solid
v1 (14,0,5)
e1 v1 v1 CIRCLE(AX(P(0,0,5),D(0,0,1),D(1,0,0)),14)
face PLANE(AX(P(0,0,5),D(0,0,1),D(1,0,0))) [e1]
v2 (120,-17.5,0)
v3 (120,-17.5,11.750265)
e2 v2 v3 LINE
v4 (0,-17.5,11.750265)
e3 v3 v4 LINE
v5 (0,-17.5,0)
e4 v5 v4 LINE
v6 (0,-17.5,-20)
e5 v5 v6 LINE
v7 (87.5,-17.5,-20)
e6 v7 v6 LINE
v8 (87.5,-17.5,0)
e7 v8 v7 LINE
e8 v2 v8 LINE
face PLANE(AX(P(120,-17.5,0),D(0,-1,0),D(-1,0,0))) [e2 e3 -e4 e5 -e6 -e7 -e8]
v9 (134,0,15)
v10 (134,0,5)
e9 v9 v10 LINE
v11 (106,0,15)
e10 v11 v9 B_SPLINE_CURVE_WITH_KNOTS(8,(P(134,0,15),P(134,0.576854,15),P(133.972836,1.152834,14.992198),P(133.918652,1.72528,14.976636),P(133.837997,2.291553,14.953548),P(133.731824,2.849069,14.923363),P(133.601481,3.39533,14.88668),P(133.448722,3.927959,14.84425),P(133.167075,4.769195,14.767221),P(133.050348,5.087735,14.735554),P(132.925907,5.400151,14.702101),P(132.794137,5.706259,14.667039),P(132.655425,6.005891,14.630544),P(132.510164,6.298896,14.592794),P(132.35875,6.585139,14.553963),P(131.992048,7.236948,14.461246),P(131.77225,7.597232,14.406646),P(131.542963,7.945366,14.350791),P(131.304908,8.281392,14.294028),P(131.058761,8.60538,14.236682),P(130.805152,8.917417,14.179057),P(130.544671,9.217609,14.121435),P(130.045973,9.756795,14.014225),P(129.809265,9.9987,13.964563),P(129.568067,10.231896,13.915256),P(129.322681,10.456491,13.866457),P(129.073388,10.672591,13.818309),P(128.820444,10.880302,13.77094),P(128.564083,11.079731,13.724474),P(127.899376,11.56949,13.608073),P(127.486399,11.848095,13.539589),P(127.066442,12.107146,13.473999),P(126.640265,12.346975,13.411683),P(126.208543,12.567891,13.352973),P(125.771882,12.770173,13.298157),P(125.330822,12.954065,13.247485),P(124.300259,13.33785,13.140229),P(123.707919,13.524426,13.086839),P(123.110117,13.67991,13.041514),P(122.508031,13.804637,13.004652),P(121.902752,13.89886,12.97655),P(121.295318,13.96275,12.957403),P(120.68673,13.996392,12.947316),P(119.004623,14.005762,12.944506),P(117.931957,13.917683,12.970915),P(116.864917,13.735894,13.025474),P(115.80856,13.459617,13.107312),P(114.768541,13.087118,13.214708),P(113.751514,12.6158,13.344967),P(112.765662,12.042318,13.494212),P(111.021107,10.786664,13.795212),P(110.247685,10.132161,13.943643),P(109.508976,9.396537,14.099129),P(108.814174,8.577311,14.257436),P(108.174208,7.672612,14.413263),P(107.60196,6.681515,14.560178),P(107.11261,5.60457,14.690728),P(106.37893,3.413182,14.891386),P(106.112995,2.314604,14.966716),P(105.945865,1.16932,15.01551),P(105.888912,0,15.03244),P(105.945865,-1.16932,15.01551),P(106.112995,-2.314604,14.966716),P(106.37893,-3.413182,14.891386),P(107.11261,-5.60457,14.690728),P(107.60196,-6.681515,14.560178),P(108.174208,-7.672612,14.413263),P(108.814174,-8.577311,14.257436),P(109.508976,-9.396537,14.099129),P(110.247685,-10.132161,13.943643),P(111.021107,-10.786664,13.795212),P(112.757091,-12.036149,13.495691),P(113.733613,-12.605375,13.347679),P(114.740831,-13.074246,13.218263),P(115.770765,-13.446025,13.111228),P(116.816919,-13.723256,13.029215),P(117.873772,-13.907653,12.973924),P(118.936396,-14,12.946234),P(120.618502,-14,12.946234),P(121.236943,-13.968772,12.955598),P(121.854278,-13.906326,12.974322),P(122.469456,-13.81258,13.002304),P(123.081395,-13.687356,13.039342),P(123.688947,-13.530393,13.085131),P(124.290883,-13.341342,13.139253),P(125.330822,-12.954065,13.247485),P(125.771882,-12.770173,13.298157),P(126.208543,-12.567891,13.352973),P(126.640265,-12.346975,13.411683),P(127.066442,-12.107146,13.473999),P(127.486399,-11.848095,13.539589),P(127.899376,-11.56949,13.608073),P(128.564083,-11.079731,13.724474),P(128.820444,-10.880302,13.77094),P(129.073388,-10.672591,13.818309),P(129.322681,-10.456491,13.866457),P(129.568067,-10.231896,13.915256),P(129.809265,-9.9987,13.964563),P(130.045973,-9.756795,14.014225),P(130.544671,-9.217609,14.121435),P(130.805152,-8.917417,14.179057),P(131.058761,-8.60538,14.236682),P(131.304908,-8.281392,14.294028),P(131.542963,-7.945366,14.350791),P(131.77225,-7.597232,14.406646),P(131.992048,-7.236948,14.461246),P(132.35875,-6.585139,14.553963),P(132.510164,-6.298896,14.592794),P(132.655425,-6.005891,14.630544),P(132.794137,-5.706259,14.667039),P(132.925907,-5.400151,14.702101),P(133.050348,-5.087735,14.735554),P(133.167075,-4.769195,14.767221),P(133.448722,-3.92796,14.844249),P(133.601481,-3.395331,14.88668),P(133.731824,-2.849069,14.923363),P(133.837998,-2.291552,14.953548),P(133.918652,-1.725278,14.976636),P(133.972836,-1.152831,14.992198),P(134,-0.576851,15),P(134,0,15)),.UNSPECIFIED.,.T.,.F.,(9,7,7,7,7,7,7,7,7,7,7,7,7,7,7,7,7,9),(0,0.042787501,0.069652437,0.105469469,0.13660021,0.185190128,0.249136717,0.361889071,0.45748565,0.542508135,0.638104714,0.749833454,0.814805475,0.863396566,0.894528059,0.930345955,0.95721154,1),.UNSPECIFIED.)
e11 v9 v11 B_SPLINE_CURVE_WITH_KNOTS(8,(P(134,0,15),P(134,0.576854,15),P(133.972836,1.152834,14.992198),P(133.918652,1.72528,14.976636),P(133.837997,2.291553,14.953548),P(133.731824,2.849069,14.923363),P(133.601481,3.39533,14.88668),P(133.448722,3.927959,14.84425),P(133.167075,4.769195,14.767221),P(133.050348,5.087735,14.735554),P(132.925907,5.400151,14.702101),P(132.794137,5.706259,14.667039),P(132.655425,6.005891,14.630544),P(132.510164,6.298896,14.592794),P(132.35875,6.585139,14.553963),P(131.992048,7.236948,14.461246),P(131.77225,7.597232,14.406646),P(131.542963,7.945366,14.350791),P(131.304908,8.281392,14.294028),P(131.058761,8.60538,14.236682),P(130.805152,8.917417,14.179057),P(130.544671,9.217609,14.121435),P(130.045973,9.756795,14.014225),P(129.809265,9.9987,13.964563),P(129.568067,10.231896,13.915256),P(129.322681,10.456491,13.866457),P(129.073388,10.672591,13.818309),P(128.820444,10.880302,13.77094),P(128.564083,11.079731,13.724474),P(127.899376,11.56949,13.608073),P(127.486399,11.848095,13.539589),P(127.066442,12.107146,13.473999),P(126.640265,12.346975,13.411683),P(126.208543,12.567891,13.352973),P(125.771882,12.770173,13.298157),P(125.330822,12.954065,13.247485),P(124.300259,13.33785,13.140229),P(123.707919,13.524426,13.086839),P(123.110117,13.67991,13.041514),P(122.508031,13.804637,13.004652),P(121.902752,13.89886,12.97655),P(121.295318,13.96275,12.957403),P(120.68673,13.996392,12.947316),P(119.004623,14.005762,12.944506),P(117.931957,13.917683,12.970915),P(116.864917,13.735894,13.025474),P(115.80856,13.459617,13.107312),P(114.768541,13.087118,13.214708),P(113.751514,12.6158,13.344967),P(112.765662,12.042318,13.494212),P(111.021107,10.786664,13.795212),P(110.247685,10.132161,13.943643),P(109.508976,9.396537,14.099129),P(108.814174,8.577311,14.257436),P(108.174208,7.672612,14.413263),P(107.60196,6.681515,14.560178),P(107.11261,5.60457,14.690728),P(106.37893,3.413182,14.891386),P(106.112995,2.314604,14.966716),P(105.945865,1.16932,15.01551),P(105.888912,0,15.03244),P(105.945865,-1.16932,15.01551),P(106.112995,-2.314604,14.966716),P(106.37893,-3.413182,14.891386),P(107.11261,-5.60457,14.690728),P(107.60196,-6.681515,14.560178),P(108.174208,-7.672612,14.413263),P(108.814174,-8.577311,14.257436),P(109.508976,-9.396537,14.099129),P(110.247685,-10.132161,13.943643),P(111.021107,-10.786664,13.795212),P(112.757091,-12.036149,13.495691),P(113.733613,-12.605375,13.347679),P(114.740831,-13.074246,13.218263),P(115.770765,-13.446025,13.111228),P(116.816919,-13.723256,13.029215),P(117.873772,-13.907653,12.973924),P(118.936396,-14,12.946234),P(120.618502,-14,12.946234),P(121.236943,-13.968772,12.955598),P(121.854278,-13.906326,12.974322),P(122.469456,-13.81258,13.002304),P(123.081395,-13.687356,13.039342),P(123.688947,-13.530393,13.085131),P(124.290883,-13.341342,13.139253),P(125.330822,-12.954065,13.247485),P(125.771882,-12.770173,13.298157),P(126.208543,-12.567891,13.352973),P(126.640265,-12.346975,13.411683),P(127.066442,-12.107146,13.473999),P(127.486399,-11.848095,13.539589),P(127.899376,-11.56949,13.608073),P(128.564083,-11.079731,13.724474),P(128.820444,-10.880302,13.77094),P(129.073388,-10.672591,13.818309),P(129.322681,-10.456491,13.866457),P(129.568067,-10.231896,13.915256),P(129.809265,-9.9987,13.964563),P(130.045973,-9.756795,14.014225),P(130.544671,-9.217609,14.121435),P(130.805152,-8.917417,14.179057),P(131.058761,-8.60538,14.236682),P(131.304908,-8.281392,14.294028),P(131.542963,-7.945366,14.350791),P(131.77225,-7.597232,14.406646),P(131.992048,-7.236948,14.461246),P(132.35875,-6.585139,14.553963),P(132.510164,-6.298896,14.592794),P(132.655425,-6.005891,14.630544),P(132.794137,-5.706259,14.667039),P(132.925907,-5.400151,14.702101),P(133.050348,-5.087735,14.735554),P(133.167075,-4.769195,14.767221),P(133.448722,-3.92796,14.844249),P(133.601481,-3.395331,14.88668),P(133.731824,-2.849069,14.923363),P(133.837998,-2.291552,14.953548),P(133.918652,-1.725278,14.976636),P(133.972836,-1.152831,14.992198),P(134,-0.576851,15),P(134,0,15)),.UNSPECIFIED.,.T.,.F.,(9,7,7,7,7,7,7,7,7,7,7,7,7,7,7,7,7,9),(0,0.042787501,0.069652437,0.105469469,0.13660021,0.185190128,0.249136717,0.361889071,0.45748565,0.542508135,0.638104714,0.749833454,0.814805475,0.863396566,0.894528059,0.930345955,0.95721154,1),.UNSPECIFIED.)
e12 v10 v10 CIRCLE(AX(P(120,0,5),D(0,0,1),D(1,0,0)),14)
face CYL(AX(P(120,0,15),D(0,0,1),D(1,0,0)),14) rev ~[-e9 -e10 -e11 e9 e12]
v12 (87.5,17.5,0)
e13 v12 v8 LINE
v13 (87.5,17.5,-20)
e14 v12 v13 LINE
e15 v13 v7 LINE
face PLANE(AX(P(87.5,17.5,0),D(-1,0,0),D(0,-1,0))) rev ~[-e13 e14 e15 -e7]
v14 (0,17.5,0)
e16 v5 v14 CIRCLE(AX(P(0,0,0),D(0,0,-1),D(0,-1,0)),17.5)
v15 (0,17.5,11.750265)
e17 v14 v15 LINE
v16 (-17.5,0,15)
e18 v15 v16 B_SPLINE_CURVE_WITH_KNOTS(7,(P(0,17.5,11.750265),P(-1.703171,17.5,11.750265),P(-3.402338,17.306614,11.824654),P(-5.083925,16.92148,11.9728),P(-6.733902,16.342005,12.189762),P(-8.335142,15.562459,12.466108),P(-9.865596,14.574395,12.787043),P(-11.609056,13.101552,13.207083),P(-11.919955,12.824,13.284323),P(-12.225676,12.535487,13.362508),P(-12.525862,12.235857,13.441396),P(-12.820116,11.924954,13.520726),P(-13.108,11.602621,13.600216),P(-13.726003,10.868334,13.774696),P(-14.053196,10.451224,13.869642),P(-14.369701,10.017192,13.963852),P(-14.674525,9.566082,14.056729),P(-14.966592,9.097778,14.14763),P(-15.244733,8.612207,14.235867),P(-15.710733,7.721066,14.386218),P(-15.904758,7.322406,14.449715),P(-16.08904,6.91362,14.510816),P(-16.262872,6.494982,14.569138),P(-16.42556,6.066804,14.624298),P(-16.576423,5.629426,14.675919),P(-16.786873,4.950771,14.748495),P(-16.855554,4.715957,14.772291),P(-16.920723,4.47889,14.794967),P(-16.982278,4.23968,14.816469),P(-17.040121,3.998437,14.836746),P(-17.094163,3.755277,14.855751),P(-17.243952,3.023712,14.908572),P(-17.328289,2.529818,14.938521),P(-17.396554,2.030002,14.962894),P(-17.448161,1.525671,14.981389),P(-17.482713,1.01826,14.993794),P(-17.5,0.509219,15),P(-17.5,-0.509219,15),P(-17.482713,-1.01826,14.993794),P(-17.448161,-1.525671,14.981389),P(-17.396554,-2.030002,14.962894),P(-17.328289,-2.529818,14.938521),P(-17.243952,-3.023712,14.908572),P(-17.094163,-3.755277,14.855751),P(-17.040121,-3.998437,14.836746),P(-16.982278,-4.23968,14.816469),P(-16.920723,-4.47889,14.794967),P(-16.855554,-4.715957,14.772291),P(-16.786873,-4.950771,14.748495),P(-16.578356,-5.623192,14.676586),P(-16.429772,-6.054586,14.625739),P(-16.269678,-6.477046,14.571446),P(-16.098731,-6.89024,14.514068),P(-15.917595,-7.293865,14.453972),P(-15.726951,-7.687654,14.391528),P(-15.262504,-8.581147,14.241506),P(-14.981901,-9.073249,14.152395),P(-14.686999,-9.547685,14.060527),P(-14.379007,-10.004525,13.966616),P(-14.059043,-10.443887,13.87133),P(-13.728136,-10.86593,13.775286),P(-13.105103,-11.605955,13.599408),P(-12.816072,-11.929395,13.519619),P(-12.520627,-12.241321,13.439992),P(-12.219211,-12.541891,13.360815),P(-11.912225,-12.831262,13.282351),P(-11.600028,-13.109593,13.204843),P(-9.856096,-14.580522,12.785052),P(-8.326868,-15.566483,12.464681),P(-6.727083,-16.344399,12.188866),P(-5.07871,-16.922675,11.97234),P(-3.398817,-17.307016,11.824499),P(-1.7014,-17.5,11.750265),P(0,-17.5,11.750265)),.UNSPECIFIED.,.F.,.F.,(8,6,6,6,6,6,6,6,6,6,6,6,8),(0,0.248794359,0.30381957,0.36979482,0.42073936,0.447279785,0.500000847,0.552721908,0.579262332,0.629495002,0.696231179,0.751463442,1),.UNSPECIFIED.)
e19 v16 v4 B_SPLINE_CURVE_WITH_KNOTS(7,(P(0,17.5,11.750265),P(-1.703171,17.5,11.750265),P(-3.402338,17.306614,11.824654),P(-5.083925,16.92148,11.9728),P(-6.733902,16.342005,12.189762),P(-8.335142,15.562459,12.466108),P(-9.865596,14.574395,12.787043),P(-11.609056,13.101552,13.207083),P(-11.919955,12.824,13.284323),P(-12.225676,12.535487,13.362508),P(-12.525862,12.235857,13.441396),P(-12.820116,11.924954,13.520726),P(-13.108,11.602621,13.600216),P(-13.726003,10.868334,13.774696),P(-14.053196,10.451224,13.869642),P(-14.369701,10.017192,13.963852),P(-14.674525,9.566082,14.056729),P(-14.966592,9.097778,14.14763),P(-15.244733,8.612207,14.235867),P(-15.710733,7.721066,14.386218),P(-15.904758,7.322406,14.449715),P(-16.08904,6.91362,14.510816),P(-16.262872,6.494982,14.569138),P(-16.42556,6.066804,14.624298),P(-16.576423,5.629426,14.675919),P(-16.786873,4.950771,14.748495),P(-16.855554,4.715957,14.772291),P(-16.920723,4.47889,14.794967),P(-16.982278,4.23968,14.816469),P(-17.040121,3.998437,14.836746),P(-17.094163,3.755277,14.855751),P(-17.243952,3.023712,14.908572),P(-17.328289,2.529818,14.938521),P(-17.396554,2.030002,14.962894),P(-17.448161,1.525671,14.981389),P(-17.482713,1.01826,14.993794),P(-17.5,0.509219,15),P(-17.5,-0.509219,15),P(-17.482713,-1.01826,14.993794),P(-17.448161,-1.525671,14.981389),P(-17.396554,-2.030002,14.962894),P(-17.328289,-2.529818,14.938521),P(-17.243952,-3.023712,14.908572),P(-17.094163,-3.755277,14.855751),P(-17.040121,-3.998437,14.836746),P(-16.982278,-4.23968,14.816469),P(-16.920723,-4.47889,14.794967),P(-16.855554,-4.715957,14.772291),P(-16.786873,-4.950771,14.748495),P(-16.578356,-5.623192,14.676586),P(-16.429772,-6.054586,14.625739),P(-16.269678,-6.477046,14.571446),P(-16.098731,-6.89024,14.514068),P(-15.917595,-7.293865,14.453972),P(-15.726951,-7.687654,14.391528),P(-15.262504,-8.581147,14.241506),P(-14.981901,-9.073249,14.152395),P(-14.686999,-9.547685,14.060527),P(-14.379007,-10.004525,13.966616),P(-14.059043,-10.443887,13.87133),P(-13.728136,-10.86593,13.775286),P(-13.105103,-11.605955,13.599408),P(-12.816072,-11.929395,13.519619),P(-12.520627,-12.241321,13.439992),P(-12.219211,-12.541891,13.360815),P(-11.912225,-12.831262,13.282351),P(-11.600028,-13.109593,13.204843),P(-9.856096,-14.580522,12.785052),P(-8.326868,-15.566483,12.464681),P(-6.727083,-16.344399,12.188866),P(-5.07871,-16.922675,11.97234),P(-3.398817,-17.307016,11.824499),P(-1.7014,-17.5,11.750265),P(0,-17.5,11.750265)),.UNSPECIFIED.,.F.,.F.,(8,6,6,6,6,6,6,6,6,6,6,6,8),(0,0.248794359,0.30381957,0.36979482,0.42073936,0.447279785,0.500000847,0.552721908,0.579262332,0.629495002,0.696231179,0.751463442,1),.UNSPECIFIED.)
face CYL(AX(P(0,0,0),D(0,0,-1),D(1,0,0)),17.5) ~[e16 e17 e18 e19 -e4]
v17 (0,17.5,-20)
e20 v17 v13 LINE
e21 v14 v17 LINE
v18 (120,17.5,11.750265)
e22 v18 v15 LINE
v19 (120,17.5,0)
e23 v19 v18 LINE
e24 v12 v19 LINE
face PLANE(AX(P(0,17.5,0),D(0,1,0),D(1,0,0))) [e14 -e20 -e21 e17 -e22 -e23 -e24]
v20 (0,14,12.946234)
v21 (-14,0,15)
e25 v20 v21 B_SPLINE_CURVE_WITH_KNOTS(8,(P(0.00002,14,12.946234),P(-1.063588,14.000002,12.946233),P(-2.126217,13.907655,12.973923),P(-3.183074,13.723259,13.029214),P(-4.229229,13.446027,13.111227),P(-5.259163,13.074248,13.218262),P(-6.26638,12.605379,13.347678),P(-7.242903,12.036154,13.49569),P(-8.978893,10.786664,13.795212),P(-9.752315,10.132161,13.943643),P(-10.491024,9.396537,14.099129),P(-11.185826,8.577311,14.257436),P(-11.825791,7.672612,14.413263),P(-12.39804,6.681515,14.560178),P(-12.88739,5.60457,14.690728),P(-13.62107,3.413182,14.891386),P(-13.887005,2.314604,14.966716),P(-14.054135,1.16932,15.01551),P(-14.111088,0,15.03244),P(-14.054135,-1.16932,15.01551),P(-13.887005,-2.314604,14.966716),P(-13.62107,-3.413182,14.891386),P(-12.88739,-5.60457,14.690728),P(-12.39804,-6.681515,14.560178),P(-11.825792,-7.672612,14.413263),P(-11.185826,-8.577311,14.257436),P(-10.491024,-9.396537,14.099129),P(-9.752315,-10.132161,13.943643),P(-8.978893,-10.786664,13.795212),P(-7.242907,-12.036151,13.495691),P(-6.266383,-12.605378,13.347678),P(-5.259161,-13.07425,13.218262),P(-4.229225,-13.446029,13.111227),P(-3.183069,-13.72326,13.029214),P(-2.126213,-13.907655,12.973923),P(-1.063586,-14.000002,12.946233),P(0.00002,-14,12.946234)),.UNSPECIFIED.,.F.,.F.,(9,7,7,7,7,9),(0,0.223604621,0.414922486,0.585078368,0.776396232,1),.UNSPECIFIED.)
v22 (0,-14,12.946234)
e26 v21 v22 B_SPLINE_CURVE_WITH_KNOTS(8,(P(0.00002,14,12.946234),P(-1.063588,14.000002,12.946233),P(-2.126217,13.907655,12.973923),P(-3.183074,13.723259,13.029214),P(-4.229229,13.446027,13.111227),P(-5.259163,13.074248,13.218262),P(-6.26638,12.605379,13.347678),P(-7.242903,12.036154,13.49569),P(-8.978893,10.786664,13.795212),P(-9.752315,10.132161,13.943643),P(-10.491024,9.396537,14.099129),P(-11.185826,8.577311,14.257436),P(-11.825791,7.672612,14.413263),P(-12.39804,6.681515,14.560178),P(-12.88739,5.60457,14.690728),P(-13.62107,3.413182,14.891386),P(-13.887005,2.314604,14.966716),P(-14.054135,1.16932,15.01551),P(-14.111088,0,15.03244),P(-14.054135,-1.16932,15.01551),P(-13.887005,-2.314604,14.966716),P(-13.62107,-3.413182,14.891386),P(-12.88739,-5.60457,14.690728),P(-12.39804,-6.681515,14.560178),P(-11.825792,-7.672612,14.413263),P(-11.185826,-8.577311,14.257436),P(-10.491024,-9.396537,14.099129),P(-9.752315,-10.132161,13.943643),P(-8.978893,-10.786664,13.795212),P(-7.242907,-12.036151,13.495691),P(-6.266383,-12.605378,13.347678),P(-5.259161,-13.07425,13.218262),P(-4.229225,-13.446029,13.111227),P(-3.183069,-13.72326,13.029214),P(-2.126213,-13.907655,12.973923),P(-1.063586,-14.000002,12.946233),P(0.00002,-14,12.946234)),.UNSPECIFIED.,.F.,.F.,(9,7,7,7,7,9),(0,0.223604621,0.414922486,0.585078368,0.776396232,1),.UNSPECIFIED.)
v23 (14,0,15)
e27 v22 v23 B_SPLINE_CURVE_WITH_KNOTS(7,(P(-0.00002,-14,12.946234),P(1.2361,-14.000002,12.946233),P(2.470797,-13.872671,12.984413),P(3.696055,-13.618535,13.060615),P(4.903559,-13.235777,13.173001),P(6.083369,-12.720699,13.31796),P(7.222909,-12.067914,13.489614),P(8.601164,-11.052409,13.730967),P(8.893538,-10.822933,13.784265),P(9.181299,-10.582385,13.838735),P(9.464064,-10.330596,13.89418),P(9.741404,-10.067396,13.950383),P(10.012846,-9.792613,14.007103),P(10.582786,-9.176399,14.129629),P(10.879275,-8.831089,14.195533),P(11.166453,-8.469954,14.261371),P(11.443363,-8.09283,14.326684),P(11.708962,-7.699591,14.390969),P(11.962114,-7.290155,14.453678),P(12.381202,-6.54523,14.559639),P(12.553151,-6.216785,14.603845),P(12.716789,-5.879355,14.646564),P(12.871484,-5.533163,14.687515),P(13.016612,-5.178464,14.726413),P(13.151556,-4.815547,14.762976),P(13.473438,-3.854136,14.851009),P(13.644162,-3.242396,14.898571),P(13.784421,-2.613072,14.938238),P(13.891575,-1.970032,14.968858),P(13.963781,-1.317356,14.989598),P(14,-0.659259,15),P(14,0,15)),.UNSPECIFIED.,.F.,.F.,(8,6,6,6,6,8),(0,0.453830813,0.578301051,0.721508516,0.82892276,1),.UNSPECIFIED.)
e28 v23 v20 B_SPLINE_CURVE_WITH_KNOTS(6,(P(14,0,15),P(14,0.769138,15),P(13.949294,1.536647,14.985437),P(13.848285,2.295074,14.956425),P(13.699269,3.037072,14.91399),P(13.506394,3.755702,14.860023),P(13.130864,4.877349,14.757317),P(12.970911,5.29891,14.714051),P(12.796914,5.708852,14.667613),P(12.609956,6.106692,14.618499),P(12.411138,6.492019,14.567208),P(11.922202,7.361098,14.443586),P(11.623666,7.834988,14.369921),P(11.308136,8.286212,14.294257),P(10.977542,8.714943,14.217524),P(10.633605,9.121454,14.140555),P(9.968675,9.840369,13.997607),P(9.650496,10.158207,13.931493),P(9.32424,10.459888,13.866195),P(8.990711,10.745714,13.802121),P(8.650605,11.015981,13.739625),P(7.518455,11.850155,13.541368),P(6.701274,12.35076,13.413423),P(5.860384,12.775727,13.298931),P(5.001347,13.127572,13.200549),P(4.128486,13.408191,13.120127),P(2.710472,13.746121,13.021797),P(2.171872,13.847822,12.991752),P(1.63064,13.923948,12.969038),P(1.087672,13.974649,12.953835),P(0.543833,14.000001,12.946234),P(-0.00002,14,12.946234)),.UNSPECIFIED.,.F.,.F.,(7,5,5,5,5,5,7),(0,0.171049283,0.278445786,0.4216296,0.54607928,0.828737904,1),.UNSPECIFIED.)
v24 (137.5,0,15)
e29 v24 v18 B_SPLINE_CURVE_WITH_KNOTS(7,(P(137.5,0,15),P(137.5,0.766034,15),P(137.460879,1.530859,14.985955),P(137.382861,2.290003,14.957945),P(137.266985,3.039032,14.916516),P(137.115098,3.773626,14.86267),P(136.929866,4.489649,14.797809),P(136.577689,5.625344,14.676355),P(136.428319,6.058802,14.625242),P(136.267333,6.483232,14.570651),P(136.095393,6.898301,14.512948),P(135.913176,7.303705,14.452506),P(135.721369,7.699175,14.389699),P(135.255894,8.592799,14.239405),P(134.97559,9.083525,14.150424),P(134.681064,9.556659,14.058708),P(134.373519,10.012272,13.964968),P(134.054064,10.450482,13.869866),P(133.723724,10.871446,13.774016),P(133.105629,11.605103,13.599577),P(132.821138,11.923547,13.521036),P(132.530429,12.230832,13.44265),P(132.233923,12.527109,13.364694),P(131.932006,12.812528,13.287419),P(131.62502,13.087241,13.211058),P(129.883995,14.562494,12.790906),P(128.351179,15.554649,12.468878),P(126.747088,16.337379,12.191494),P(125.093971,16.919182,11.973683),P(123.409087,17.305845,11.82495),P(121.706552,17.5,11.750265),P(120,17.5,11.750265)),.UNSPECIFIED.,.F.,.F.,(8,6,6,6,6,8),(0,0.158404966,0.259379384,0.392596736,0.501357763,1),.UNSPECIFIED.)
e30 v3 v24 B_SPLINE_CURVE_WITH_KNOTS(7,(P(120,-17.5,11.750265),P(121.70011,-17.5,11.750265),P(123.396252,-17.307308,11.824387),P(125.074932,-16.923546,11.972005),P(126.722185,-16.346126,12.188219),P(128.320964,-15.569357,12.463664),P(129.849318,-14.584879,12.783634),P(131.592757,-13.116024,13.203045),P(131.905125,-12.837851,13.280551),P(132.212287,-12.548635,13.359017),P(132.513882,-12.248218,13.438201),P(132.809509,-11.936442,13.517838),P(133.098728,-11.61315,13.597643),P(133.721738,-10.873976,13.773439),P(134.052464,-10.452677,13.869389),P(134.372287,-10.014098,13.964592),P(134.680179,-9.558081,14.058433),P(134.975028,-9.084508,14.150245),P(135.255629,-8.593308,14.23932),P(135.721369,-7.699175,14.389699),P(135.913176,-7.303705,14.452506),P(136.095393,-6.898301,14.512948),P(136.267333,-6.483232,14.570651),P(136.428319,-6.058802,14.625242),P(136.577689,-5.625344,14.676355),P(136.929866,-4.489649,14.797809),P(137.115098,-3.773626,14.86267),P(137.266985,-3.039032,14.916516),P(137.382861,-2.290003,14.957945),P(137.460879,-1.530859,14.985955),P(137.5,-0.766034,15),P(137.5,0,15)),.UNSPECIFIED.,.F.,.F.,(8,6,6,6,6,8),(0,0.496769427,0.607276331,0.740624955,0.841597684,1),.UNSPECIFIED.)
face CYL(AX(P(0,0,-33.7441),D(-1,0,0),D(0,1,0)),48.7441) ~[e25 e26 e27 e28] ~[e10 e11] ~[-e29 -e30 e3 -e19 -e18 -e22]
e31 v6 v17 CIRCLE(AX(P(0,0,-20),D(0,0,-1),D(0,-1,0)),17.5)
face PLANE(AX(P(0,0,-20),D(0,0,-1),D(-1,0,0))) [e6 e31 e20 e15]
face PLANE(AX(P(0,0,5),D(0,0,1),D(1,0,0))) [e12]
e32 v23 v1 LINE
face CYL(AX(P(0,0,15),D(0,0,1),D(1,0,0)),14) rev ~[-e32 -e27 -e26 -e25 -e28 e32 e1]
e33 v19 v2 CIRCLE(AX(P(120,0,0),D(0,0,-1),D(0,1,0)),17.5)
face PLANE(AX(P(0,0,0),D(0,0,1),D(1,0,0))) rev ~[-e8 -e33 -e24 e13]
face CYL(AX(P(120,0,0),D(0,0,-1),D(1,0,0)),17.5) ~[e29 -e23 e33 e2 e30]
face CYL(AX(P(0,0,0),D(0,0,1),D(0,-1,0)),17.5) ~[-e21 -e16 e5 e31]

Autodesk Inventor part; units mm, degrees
ref_plane "YZ Plane" through (0, 0, 0) normal (1, 0, 0) x (0, 1, 0)
ref_plane "XZ Plane" through (0, 0, 0) normal (0, 1, 0) x (-1, 0, 0)
ref_plane "XY Plane" through (0, 0, 0) normal (0, 0, 1) x (1, 0, 0)
sketch "草圖1" plane through (0, 0, 0) normal (0, 0, 1) x (1, 0, 0)
  circle A0 centre (0, 0) radius 17.5
  circle A1 centre (120, 0) radius 17.5
  line L0 (0, 17.5) -> (120, 17.5)
  line L1 (120, 17.5) -> (120, -17.5)
  line L2 (120, -17.5) -> (0, -17.5)
  line L3 (0, -17.5) -> (0, 17.5)
  dimension "d0" = 35
  dimension "d1" = 35
  dimension "d4" = 120
  dimension "d5" = 35
extrude "擠出1" add sketch "草圖1" along normal blind 15
sketch "草圖2" plane through (0, 0, 15) normal (0, 0, 1) x (1, 0, 0)
  circle A0 centre (0, 0) radius 14
  arc A1 (120, -17.5) -> (120, 17.5) centre (120, 0) ccw projected
  circle A2 centre (120, 0) radius 14
  dimension "d6" = 28
  dimension "d7" = 28
extrude "擠出2" cut sketch "草圖2" against normal blind 10
sketch "草圖3" plane through (0, 0, 0) normal (1, 0, 0) x (0, 1, 0)
  circle A0 centre (0, -33.7441) radius 48.7441
  point P0 (0, 0)
extrude "擠出3" cut sketch "草圖3" along normal through all both and the other way through all keep common part
sketch "草圖5" plane through (0, 0, 0) normal (0, 0, -1) x (-1, 0, 0)
  circle A0 centre (0, 0) radius 14 projected
  line L0 (0, 17.5) -> (-120, 17.5) projected
  arc A1 (-120, 17.5) -> (-120, -17.5) centre (-120, 0) ccw projected
  line L1 (-120, -17.5) -> (0, -17.5) projected
  arc A2 (0, -17.5) -> (0, 17.5) centre (0, 0) ccw projected
  line L2 (0, 17.5) -> (-120, 17.5) projected
  line L3 (-87.5, 17.5) -> (-87.5, -17.5)
  line L4 (-120, -17.5) -> (0, -17.5) projected
  dimension "d13" = 50
extrude "擠出4" add sketch "草圖5" along normal blind 20 contours A0 | A2 L1 L3 L0
properties part number "第一臂"
